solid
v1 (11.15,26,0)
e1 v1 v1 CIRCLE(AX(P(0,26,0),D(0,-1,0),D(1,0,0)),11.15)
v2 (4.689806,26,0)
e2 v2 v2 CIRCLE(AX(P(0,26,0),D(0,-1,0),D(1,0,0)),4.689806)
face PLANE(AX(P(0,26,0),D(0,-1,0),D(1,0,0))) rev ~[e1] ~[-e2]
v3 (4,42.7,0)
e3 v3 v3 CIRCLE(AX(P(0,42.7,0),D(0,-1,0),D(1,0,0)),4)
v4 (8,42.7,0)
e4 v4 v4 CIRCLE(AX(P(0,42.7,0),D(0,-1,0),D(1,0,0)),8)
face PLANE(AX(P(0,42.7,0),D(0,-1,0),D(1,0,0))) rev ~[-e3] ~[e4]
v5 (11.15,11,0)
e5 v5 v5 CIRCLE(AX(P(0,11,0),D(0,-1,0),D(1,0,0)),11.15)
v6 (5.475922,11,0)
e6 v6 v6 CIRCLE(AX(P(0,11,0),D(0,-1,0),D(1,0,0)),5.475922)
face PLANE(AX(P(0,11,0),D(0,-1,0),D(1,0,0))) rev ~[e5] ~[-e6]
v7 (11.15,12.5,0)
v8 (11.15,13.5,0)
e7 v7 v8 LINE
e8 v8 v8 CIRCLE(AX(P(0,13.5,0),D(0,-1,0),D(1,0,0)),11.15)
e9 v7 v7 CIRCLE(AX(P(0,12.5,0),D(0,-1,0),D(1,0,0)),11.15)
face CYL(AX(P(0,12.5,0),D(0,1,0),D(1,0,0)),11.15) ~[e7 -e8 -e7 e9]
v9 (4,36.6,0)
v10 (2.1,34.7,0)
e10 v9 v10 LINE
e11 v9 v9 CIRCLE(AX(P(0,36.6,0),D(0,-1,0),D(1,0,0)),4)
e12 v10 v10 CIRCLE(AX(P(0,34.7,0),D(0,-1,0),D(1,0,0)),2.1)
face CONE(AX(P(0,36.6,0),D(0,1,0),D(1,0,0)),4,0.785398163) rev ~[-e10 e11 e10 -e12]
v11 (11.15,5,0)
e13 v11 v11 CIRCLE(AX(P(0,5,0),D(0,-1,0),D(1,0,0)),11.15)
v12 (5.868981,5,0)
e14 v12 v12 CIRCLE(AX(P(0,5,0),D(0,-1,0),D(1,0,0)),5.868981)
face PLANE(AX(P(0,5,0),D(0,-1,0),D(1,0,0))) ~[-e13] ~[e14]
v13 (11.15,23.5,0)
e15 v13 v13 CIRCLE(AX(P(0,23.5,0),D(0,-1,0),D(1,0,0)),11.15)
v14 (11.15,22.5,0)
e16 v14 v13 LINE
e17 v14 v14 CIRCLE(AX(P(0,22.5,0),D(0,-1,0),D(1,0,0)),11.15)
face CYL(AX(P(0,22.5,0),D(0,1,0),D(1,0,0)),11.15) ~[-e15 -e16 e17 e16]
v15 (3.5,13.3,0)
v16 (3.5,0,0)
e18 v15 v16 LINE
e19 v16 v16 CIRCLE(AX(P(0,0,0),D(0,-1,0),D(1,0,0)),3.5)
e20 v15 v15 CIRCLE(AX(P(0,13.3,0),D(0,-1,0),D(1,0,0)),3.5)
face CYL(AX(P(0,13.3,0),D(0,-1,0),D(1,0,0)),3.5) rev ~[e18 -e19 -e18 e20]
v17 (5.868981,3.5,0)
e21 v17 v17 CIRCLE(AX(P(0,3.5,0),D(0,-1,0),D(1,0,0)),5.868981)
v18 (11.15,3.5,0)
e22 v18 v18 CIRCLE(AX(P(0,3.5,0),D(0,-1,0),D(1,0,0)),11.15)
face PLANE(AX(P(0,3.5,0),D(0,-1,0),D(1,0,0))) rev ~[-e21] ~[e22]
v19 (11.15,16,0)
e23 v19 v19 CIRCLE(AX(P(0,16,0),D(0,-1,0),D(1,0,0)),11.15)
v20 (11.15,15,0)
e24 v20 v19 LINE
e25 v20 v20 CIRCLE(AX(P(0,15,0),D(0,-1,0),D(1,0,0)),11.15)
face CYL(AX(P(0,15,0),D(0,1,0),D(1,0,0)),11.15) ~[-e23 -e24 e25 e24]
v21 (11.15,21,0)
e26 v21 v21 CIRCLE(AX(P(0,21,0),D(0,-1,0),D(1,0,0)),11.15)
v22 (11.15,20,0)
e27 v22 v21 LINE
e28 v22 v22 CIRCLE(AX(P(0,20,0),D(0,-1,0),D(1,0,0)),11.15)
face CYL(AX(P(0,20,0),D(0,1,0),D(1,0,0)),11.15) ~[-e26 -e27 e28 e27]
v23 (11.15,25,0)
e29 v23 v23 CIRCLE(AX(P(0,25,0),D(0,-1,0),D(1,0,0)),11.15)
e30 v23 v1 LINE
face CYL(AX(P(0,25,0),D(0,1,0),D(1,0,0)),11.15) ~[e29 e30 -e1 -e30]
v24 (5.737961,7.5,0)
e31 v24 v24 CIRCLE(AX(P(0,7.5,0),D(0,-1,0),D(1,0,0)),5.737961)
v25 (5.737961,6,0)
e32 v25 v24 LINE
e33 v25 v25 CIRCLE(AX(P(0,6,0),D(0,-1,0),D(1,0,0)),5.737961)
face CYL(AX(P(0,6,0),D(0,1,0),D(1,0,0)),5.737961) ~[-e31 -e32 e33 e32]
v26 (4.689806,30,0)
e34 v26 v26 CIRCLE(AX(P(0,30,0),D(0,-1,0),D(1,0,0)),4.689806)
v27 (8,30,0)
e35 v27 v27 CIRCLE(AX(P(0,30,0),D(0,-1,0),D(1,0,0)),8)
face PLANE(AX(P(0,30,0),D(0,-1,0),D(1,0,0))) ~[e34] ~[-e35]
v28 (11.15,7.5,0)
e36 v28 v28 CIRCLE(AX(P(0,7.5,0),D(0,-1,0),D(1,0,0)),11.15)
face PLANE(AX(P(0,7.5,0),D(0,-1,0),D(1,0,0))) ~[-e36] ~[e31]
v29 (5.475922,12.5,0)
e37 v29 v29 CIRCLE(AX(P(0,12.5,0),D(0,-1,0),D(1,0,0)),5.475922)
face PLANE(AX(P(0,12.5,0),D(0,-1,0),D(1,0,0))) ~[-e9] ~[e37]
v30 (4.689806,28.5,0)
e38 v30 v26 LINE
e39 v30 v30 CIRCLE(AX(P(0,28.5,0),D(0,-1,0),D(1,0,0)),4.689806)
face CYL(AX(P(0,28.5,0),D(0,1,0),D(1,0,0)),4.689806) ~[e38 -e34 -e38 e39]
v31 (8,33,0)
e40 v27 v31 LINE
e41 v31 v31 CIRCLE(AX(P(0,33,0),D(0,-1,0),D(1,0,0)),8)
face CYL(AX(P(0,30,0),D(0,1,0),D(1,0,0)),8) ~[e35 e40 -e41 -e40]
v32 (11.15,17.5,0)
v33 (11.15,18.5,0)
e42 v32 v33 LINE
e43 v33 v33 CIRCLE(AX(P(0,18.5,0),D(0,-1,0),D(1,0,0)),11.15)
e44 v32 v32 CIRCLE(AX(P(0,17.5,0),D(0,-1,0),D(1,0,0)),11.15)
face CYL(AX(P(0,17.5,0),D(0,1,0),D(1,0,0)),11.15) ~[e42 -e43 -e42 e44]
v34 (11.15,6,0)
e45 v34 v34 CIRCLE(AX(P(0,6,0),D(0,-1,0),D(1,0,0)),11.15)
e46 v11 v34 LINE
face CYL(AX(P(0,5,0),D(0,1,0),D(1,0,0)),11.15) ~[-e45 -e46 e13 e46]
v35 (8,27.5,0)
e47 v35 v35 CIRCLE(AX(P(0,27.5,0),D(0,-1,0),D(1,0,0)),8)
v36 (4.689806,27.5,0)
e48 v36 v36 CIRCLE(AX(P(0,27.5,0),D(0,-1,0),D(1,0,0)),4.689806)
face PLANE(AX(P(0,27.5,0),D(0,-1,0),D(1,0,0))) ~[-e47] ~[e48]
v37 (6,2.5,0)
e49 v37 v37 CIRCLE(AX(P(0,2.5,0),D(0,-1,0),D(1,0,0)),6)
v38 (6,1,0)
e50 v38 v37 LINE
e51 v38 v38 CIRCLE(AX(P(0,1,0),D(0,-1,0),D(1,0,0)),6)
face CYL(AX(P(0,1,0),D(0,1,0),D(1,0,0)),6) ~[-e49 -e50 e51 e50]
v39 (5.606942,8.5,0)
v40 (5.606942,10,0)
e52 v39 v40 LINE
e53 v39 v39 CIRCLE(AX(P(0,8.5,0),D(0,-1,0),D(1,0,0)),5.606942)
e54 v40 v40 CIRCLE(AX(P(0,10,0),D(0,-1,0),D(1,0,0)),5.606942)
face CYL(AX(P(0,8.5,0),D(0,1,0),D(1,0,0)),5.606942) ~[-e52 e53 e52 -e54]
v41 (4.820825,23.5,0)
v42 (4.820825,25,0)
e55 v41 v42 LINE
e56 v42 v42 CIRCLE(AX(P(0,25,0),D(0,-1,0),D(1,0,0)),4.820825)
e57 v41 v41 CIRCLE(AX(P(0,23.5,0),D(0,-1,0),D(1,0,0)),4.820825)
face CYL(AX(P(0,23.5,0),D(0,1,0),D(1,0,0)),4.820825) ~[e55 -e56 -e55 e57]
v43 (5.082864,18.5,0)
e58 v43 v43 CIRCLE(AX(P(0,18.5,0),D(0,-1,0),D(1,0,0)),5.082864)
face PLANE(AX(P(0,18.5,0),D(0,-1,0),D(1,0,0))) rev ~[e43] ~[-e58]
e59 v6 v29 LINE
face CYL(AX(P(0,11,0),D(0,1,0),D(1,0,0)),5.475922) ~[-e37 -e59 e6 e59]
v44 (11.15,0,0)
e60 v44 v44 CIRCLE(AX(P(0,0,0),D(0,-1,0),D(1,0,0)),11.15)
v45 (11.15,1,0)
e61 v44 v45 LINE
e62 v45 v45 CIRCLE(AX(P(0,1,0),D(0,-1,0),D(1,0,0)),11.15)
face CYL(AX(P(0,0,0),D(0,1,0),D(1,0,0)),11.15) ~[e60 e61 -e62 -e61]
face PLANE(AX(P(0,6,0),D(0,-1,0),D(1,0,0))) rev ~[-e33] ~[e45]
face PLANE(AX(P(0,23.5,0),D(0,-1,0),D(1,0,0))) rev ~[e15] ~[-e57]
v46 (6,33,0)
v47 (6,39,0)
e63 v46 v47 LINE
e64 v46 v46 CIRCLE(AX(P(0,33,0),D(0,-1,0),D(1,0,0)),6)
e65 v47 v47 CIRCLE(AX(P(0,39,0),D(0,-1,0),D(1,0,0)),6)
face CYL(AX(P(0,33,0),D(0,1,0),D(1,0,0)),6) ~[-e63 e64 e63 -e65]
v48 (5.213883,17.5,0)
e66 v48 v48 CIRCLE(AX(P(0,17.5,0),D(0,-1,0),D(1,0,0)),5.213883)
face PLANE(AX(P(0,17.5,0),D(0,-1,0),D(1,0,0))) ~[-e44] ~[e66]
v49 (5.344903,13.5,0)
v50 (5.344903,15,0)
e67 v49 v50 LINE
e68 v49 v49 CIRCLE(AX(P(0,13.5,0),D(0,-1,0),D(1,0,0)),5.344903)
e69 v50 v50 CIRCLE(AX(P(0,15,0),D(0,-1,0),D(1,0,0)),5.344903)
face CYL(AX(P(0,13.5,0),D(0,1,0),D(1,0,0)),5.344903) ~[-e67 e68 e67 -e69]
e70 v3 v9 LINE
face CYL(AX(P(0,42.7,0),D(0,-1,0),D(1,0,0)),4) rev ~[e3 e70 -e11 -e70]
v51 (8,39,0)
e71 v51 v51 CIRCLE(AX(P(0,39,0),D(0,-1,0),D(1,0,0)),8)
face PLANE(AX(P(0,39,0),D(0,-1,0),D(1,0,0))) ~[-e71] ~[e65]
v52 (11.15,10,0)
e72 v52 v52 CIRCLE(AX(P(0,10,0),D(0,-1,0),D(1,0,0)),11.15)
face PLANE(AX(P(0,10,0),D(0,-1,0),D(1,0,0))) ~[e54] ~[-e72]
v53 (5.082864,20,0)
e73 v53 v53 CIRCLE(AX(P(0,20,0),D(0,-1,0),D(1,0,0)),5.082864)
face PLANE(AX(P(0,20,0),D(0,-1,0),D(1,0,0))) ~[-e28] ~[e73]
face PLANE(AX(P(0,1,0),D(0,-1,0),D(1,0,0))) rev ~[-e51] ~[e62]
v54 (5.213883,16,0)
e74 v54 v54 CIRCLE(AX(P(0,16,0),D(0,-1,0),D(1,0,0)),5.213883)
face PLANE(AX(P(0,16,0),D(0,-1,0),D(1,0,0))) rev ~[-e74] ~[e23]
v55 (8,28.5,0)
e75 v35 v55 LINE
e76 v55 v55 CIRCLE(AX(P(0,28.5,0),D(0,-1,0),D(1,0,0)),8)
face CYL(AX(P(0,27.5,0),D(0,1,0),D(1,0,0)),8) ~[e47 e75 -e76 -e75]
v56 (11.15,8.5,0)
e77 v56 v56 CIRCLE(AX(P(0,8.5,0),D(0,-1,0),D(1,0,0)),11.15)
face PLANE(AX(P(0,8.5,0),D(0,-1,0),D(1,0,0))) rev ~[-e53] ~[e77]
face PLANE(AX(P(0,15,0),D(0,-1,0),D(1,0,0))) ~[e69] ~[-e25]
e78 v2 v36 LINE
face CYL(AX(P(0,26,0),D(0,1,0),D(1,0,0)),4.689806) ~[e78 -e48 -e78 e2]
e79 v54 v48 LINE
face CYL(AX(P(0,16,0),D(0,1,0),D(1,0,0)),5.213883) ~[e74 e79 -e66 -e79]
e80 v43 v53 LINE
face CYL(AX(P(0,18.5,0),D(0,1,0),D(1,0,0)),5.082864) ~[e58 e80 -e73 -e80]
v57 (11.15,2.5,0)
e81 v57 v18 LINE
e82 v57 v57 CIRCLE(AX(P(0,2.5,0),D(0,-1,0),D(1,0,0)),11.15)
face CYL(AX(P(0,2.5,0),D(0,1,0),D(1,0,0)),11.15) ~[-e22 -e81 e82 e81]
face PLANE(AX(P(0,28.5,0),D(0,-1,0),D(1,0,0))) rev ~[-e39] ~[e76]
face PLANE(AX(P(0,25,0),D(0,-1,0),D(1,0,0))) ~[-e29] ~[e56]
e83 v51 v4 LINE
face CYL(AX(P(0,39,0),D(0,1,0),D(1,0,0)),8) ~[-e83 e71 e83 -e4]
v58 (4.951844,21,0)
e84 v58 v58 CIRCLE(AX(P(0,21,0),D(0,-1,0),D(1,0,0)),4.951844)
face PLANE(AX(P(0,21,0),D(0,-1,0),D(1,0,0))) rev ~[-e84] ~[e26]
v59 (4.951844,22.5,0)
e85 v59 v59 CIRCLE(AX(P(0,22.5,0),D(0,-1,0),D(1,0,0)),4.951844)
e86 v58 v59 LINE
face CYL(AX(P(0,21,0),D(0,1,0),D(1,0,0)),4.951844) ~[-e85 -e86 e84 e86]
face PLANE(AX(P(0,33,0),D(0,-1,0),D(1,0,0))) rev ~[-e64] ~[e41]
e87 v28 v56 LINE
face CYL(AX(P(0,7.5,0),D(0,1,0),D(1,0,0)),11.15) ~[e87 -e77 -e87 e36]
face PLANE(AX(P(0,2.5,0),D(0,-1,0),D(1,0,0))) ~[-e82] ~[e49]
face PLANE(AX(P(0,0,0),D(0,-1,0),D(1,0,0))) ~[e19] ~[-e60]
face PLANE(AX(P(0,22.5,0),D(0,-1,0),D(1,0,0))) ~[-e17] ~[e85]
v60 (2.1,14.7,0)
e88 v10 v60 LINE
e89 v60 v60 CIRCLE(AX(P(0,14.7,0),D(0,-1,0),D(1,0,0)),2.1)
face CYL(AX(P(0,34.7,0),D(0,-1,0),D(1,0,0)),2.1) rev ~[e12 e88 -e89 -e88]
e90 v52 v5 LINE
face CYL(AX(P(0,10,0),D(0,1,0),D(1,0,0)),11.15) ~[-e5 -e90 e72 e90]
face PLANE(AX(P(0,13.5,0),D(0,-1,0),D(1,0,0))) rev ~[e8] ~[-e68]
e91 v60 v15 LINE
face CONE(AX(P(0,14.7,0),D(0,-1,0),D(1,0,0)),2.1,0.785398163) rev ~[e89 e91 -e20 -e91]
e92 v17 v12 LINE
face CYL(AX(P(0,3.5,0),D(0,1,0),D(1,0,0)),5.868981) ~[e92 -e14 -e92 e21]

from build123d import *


with BuildPart() as part:
    # Sketch1 → Revolve1 (revolve)
    with BuildSketch(Plane.XY):
        Polygon((11.15, 18.5), (5.082863863, 18.5), (5.082863863, 20), (11.15, 20), (11.15, 21), (4.951844414, 21), (4.951844414, 22.5), (11.15, 22.5), (11.15, 23.5), (4.820824966, 23.5), (4.820824966, 25), (11.15, 25), (11.15, 26), (4.689805518, 26), (4.689805518, 27.5), (8, 27.5), (8, 28.5), (4.689805518, 28.5), (4.689805518, 30), (8, 30), (8, 33), (6, 33), (6, 39), (8, 39), (8, 42.7), (4, 42.7), (4, 36.6), (2.1, 34.7), (2.1, 14.7), (3.5, 13.3), (3.5, 0), (11.15, 0), (11.15, 1), (6, 1), (6, 2.5), (11.15, 2.5), (11.15, 3.5), (5.868980552, 3.5), (5.868980552, 5), (11.15, 5), (11.15, 6), (5.737961104, 6), (5.737961104, 7.5), (11.15, 7.5), (11.15, 8.5), (5.606941655, 8.5), (5.606941655, 10), (11.15, 10), (11.15, 11), (5.475922207, 11), (5.475922207, 12.5), (11.15, 12.5), (11.15, 13.5), (5.344902759, 13.5), (5.344902759, 15), (11.15, 15), (11.15, 16), (5.213883311, 16), (5.213883311, 17.5), (11.15, 17.5), align=None)
    revolve(axis=Axis((0, 42.7, 0), (0, -1, 0)))


solid = part.part
